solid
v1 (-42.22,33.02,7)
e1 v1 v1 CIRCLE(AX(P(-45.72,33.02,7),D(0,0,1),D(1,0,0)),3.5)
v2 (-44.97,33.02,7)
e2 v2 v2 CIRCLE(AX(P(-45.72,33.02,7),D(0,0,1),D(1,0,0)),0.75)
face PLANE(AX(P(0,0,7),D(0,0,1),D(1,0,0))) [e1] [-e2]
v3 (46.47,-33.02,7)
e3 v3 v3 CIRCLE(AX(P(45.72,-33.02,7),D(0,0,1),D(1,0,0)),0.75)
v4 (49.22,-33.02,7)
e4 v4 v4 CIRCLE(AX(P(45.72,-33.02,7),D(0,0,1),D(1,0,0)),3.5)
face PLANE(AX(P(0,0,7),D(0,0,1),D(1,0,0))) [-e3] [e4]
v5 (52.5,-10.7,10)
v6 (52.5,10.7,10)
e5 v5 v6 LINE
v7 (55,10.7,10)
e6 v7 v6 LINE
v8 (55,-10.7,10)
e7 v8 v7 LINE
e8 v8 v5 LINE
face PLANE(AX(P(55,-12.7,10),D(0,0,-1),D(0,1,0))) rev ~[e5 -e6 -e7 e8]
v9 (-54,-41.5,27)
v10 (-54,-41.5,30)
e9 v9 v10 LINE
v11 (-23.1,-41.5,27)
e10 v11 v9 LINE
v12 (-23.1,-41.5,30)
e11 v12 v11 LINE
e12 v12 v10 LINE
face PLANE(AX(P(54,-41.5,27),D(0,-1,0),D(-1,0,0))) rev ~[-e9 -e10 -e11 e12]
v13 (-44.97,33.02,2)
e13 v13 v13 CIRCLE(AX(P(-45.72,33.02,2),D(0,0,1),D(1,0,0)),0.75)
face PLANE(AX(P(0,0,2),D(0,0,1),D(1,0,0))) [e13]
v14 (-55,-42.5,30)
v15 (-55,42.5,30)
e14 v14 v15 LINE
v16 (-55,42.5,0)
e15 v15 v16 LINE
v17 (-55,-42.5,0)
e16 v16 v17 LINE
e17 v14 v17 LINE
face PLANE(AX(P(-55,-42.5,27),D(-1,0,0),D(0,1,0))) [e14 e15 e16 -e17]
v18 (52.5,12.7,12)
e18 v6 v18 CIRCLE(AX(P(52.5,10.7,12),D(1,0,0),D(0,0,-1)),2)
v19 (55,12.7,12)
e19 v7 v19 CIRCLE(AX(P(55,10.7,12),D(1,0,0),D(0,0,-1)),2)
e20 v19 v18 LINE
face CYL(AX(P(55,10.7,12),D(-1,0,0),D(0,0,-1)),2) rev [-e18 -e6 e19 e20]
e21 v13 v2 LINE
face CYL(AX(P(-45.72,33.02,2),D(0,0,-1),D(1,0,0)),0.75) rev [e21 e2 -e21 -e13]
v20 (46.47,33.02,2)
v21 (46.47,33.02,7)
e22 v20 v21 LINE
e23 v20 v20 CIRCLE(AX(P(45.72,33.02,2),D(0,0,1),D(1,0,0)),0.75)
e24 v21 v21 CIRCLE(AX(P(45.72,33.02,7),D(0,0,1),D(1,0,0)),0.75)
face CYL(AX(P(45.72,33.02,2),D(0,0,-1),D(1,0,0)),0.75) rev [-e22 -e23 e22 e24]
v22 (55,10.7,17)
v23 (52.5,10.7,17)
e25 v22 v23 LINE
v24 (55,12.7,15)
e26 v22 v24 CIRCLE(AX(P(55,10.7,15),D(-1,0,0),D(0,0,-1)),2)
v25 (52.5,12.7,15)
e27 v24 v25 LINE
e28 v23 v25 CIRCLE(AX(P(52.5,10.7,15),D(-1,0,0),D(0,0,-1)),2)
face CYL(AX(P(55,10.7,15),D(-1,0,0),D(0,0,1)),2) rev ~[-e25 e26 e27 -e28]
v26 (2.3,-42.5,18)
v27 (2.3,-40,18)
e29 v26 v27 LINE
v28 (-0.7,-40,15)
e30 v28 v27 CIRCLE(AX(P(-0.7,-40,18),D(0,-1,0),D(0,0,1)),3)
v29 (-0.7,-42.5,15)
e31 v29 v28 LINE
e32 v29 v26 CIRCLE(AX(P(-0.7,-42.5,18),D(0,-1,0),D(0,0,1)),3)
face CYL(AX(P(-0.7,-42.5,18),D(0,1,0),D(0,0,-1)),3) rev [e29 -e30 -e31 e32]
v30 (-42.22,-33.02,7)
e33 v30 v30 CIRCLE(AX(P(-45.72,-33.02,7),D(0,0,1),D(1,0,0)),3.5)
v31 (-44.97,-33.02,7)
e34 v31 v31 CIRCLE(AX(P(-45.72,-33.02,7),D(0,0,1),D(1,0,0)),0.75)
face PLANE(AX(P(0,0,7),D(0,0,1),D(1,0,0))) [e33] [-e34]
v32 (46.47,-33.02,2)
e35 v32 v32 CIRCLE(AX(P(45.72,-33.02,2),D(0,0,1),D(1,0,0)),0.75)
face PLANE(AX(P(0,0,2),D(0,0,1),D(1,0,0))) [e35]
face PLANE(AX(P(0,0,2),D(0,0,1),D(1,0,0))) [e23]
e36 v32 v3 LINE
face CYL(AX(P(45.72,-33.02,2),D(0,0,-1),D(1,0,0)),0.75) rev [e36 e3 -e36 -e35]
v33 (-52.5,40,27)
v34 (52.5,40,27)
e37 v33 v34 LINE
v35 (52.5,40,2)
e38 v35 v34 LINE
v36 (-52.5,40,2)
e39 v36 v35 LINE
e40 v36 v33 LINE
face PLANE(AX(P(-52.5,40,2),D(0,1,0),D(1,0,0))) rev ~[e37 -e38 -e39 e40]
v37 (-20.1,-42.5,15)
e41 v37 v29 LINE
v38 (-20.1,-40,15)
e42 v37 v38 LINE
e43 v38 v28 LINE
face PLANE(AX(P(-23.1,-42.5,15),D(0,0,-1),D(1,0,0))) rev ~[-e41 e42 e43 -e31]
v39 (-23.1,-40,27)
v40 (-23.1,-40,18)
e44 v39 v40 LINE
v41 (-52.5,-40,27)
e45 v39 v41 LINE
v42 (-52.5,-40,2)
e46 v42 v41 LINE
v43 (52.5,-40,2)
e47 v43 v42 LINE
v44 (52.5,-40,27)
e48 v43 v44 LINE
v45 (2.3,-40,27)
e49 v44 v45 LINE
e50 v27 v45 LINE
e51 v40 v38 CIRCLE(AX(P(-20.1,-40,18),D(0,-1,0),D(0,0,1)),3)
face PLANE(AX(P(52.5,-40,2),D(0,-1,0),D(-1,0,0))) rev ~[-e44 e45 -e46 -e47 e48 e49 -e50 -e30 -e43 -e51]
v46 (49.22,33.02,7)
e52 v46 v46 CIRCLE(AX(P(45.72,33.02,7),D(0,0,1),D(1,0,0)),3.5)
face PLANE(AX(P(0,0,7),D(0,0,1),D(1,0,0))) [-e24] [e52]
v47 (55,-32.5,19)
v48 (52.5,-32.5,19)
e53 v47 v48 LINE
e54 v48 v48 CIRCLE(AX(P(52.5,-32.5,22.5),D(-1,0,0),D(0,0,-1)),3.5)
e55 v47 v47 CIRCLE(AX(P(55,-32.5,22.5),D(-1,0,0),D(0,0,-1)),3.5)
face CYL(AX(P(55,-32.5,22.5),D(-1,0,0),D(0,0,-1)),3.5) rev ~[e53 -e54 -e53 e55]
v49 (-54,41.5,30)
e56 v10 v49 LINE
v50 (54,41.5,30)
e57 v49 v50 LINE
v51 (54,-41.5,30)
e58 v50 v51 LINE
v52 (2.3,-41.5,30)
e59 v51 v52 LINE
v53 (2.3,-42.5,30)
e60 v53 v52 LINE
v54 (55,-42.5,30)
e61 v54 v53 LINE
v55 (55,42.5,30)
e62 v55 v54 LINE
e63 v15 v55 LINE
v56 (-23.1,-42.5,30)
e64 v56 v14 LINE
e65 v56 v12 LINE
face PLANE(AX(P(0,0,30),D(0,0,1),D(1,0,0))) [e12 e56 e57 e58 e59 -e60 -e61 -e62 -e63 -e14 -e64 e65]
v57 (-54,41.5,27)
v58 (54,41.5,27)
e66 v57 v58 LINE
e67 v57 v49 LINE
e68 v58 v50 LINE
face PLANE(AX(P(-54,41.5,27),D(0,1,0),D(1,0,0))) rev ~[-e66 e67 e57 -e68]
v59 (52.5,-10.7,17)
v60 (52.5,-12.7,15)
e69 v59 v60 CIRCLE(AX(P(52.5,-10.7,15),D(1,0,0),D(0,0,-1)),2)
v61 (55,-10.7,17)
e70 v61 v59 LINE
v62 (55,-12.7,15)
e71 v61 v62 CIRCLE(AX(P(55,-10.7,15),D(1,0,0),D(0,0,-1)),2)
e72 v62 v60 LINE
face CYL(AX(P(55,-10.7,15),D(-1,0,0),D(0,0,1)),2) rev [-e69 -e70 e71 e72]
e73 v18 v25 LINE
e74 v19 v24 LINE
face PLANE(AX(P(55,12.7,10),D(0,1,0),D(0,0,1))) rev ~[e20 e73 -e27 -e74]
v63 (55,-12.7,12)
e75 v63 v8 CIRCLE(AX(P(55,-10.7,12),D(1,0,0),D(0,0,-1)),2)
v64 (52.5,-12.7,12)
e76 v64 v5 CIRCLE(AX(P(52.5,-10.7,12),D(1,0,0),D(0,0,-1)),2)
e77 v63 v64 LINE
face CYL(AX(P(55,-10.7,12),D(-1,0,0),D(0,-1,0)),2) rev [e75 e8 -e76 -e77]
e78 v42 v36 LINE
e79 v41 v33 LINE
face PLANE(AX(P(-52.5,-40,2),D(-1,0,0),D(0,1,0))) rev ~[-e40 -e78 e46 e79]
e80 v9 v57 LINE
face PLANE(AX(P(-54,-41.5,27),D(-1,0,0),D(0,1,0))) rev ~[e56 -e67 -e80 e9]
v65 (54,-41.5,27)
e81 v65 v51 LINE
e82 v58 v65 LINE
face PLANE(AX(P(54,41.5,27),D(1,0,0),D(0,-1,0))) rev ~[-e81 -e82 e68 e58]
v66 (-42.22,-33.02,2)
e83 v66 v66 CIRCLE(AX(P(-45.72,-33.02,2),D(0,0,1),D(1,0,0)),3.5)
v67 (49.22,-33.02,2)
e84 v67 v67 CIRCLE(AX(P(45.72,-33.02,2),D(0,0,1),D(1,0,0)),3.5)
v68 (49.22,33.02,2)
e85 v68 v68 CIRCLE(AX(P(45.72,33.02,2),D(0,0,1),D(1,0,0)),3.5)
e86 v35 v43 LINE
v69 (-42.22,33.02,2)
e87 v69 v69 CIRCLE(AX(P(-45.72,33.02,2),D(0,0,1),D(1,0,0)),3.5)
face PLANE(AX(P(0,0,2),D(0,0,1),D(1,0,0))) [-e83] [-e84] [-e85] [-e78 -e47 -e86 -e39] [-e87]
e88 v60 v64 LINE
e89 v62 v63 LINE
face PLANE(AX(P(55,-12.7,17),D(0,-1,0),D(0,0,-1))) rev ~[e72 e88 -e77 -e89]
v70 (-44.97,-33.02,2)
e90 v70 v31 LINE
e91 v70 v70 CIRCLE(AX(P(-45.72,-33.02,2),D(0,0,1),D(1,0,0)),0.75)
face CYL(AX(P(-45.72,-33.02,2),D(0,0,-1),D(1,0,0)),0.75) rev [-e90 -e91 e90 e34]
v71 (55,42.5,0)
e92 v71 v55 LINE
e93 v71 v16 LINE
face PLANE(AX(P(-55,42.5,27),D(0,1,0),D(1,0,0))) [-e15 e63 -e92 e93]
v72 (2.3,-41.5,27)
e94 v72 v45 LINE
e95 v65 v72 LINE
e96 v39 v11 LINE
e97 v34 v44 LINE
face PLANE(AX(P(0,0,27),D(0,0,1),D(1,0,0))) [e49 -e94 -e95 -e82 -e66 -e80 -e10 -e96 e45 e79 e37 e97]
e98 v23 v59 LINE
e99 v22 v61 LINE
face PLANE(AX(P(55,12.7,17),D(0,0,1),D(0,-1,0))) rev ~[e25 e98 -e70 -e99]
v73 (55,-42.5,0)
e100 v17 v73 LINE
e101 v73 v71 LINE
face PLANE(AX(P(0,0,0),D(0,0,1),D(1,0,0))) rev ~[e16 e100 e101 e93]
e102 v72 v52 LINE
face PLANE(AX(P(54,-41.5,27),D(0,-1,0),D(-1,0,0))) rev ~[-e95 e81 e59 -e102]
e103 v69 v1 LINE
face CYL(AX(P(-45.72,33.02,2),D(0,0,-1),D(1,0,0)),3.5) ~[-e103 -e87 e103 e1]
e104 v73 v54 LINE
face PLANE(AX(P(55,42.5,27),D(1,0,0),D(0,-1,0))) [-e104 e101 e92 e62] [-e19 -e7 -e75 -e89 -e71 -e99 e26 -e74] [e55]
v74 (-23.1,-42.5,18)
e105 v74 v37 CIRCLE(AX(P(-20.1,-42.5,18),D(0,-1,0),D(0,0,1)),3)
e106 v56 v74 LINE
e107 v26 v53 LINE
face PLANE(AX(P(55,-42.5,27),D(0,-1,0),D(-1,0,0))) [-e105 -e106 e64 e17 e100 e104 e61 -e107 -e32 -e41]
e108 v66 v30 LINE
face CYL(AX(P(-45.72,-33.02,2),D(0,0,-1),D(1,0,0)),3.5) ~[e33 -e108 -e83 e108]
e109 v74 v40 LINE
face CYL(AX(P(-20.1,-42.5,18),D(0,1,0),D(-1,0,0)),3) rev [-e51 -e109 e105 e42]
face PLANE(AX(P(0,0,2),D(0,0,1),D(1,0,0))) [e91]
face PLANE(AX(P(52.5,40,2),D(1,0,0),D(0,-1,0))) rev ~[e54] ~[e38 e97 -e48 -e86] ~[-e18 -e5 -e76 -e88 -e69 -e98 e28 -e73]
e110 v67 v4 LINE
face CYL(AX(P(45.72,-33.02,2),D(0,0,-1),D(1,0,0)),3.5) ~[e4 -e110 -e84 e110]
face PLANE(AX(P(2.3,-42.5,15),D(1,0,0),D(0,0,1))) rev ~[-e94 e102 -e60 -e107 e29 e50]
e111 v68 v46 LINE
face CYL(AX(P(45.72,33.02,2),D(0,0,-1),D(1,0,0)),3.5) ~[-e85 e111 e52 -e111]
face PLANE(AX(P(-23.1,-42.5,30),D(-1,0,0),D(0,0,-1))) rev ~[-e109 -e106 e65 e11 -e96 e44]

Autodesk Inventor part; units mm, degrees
ref_plane "YZ Plane" through (0, 0, 0) normal (1, 0, 0) x (0, 1, 0)
ref_plane "XZ Plane" through (0, 0, 0) normal (0, 1, 0) x (-1, 0, 0)
ref_plane "XY Plane" through (0, 0, 0) normal (0, 0, 1) x (1, 0, 0)
sketch "Esboço1" plane through (0, 0, 0) normal (0, 0, 1) x (1, 0, 0)
  line L0 (-55, -42.5) -> (55, -42.5)
  line L1 (55, -42.5) -> (55, 42.5)
  line L2 (55, 42.5) -> (-55, 42.5)
  line L3 (-55, 42.5) -> (-55, -42.5)
  line L4 (-55, -42.5) -> (55, 42.5) construction
  line L5 (55, -42.5) -> (-55, 42.5) construction
  point P0 (0, 0)
  dimension "d0" = 110
  dimension "d1" = 85
extrude "Extrusão1" add sketch "Esboço1" along normal blind 2
sketch "Esboço2" plane through (0, 0, 2) normal (0, 0, 1) x (1, 0, 0)
  line L0 (55, 42.5) -> (-55, 42.5) projected
  line L1 (55, -42.5) -> (-55, -42.5)
  line L2 (-55, -42.5) -> (-55, 42.5)
  line L3 (-55, 42.5) -> (55, 42.5)
  line L4 (55, 42.5) -> (55, -42.5)
  line L5 (55, -42.5) -> (-55, 42.5) construction
  line L6 (-55, -42.5) -> (55, 42.5) construction
  line L7 (52.5, -40) -> (-52.5, -40)
  line L8 (-52.5, -40) -> (-52.5, 40)
  line L9 (-52.5, 40) -> (52.5, 40)
  line L10 (52.5, 40) -> (52.5, -40)
  line L11 (52.5, -40) -> (-52.5, 40) construction
  line L12 (-52.5, -40) -> (52.5, 40) construction
  point P0 (0, 0)
  point P1 (55, 42.5)
  dimension "d4" = 105
  dimension "d5" = 80
extrude "Extrusão2" add sketch "Esboço2" along normal blind 25
sketch "Esboço3" plane through (0, 0, 2) normal (0, 0, 1) x (1, 0, 0)
  line L0 (-45.72, -33.02) -> (45.72, 33.02) construction
  line L1 (45.72, -33.02) -> (-45.72, 33.02) construction
  circle A0 centre (-45.72, 33.02) radius 3.5
  circle A1 centre (45.72, 33.02) radius 3.5
  circle A2 centre (-45.72, -33.02) radius 3.5
  circle A3 centre (45.72, -33.02) radius 3.5
  circle A4 centre (-45.72, 33.02) radius 0.75
  circle A5 centre (45.72, 33.02) radius 0.75
  circle A6 centre (-45.72, -33.02) radius 0.75
  circle A7 centre (45.72, -33.02) radius 0.75
  point P0 (0, 0)
  dimension "d10" = 7
  dimension "d11" = 7
  dimension "d12" = 7
  dimension "d13" = 7
  dimension "d20" = 1.5
  dimension "d21" = 1.5
  dimension "d22" = 1.5
  dimension "d23" = 1.5
extrude "Extrusão3" add sketch "Esboço3" along normal blind 5
sketch "Esboço4" plane through (0, 0, 27) normal (0, 0, 1) x (1, 0, 0)
  line L0 (55, -42.5) -> (-55, -42.5)
  line L1 (-55, -42.5) -> (-55, 42.5)
  line L2 (-55, 42.5) -> (55, 42.5)
  line L3 (55, 42.5) -> (55, -42.5)
  line L4 (55, -42.5) -> (-55, 42.5) construction
  line L5 (-55, -42.5) -> (55, 42.5) construction
  line L6 (54, -41.5) -> (-54, -41.5)
  line L7 (-54, -41.5) -> (-54, 41.5)
  line L8 (-54, 41.5) -> (54, 41.5)
  line L9 (54, 41.5) -> (54, -41.5)
  line L10 (54, -41.5) -> (-54, 41.5) construction
  line L11 (-54, -41.5) -> (54, 41.5) construction
  point P0 (0, 0)
  dimension "d16" = 108
  dimension "d17" = 83
extrude "Extrusão4" add sketch "Esboço4" along normal blind 3
sketch "Esboço8" plane through (-55, -42.5, 0) normal (0, -1, 0) x (1, 0, 0)
  line L0 (31.9, 15) -> (57.3, 15)
  line L1 (57.3, 15) -> (57.3, 30)
  line L2 (57.3, 30) -> (31.9, 30)
  line L3 (31.9, 30) -> (31.9, 15)
  line L4 (0, 30) -> (110, 30) projected
  line L5 (0, 0) -> (0, 30) projected
  point P0 (53.5, 0)
  dimension "d55" = 25.4
  dimension "d56" = 15
  dimension "d57" = 31.9
extrude "Extrusão5" cut sketch "Esboço8" against normal blind 3
fillet "Arredondamento5" radius 3 2 edges at (-23.1, -41.25, 15) (2.3, -41.25, 15)
sketch "Esboço11" plane through (55, -42.5, 0) normal (1, 0, 0) x (0, 0, -1)
  line L0 (-30, 0) -> (-30, 85) projected
  line L1 (0, 0) -> (-30, 0) projected
  point P0 (0, 42.5)
  point P1 (-22.5, 10)
  dimension "d66" = 7.5
  dimension "d67" = 10
hole "Furo1" at (55, -32.5, 22.5) direction (-1, 0, 0) diameter 7 depth 2.5
sketch "Esboço12" plane through (55, -42.5, 0) normal (1, 0, 0) x (0, 0, -1)
  line L0 (-17, 29.8) -> (-10, 29.8)
  line L1 (-10, 29.8) -> (-10, 55.2)
  line L2 (-10, 55.2) -> (-17, 55.2)
  line L3 (-17, 55.2) -> (-17, 29.8)
  line L4 (0, 0) -> (-30, 0) projected
  line L5 (0, 0) -> (0, 85) projected
  point P0 (0, 42.5)
  point P1 (-13.5, 29.8)
  point P2 (-10, 42.5)
  point P3 (0, 42.5)
  dimension "d68" = 7
  dimension "d69" = 25.4
  dimension "d71" = 10
extrude "Extrusão8" cut sketch "Esboço12" against normal blind 3
fillet "Arredondamento6" radius 2 4 edges at (53.75, -12.7, 10) (53.75, -12.7, 17) (53.75, 12.7, 17) (53.75, 12.7, 10)
properties part number "Case" material "ABS plástico"
